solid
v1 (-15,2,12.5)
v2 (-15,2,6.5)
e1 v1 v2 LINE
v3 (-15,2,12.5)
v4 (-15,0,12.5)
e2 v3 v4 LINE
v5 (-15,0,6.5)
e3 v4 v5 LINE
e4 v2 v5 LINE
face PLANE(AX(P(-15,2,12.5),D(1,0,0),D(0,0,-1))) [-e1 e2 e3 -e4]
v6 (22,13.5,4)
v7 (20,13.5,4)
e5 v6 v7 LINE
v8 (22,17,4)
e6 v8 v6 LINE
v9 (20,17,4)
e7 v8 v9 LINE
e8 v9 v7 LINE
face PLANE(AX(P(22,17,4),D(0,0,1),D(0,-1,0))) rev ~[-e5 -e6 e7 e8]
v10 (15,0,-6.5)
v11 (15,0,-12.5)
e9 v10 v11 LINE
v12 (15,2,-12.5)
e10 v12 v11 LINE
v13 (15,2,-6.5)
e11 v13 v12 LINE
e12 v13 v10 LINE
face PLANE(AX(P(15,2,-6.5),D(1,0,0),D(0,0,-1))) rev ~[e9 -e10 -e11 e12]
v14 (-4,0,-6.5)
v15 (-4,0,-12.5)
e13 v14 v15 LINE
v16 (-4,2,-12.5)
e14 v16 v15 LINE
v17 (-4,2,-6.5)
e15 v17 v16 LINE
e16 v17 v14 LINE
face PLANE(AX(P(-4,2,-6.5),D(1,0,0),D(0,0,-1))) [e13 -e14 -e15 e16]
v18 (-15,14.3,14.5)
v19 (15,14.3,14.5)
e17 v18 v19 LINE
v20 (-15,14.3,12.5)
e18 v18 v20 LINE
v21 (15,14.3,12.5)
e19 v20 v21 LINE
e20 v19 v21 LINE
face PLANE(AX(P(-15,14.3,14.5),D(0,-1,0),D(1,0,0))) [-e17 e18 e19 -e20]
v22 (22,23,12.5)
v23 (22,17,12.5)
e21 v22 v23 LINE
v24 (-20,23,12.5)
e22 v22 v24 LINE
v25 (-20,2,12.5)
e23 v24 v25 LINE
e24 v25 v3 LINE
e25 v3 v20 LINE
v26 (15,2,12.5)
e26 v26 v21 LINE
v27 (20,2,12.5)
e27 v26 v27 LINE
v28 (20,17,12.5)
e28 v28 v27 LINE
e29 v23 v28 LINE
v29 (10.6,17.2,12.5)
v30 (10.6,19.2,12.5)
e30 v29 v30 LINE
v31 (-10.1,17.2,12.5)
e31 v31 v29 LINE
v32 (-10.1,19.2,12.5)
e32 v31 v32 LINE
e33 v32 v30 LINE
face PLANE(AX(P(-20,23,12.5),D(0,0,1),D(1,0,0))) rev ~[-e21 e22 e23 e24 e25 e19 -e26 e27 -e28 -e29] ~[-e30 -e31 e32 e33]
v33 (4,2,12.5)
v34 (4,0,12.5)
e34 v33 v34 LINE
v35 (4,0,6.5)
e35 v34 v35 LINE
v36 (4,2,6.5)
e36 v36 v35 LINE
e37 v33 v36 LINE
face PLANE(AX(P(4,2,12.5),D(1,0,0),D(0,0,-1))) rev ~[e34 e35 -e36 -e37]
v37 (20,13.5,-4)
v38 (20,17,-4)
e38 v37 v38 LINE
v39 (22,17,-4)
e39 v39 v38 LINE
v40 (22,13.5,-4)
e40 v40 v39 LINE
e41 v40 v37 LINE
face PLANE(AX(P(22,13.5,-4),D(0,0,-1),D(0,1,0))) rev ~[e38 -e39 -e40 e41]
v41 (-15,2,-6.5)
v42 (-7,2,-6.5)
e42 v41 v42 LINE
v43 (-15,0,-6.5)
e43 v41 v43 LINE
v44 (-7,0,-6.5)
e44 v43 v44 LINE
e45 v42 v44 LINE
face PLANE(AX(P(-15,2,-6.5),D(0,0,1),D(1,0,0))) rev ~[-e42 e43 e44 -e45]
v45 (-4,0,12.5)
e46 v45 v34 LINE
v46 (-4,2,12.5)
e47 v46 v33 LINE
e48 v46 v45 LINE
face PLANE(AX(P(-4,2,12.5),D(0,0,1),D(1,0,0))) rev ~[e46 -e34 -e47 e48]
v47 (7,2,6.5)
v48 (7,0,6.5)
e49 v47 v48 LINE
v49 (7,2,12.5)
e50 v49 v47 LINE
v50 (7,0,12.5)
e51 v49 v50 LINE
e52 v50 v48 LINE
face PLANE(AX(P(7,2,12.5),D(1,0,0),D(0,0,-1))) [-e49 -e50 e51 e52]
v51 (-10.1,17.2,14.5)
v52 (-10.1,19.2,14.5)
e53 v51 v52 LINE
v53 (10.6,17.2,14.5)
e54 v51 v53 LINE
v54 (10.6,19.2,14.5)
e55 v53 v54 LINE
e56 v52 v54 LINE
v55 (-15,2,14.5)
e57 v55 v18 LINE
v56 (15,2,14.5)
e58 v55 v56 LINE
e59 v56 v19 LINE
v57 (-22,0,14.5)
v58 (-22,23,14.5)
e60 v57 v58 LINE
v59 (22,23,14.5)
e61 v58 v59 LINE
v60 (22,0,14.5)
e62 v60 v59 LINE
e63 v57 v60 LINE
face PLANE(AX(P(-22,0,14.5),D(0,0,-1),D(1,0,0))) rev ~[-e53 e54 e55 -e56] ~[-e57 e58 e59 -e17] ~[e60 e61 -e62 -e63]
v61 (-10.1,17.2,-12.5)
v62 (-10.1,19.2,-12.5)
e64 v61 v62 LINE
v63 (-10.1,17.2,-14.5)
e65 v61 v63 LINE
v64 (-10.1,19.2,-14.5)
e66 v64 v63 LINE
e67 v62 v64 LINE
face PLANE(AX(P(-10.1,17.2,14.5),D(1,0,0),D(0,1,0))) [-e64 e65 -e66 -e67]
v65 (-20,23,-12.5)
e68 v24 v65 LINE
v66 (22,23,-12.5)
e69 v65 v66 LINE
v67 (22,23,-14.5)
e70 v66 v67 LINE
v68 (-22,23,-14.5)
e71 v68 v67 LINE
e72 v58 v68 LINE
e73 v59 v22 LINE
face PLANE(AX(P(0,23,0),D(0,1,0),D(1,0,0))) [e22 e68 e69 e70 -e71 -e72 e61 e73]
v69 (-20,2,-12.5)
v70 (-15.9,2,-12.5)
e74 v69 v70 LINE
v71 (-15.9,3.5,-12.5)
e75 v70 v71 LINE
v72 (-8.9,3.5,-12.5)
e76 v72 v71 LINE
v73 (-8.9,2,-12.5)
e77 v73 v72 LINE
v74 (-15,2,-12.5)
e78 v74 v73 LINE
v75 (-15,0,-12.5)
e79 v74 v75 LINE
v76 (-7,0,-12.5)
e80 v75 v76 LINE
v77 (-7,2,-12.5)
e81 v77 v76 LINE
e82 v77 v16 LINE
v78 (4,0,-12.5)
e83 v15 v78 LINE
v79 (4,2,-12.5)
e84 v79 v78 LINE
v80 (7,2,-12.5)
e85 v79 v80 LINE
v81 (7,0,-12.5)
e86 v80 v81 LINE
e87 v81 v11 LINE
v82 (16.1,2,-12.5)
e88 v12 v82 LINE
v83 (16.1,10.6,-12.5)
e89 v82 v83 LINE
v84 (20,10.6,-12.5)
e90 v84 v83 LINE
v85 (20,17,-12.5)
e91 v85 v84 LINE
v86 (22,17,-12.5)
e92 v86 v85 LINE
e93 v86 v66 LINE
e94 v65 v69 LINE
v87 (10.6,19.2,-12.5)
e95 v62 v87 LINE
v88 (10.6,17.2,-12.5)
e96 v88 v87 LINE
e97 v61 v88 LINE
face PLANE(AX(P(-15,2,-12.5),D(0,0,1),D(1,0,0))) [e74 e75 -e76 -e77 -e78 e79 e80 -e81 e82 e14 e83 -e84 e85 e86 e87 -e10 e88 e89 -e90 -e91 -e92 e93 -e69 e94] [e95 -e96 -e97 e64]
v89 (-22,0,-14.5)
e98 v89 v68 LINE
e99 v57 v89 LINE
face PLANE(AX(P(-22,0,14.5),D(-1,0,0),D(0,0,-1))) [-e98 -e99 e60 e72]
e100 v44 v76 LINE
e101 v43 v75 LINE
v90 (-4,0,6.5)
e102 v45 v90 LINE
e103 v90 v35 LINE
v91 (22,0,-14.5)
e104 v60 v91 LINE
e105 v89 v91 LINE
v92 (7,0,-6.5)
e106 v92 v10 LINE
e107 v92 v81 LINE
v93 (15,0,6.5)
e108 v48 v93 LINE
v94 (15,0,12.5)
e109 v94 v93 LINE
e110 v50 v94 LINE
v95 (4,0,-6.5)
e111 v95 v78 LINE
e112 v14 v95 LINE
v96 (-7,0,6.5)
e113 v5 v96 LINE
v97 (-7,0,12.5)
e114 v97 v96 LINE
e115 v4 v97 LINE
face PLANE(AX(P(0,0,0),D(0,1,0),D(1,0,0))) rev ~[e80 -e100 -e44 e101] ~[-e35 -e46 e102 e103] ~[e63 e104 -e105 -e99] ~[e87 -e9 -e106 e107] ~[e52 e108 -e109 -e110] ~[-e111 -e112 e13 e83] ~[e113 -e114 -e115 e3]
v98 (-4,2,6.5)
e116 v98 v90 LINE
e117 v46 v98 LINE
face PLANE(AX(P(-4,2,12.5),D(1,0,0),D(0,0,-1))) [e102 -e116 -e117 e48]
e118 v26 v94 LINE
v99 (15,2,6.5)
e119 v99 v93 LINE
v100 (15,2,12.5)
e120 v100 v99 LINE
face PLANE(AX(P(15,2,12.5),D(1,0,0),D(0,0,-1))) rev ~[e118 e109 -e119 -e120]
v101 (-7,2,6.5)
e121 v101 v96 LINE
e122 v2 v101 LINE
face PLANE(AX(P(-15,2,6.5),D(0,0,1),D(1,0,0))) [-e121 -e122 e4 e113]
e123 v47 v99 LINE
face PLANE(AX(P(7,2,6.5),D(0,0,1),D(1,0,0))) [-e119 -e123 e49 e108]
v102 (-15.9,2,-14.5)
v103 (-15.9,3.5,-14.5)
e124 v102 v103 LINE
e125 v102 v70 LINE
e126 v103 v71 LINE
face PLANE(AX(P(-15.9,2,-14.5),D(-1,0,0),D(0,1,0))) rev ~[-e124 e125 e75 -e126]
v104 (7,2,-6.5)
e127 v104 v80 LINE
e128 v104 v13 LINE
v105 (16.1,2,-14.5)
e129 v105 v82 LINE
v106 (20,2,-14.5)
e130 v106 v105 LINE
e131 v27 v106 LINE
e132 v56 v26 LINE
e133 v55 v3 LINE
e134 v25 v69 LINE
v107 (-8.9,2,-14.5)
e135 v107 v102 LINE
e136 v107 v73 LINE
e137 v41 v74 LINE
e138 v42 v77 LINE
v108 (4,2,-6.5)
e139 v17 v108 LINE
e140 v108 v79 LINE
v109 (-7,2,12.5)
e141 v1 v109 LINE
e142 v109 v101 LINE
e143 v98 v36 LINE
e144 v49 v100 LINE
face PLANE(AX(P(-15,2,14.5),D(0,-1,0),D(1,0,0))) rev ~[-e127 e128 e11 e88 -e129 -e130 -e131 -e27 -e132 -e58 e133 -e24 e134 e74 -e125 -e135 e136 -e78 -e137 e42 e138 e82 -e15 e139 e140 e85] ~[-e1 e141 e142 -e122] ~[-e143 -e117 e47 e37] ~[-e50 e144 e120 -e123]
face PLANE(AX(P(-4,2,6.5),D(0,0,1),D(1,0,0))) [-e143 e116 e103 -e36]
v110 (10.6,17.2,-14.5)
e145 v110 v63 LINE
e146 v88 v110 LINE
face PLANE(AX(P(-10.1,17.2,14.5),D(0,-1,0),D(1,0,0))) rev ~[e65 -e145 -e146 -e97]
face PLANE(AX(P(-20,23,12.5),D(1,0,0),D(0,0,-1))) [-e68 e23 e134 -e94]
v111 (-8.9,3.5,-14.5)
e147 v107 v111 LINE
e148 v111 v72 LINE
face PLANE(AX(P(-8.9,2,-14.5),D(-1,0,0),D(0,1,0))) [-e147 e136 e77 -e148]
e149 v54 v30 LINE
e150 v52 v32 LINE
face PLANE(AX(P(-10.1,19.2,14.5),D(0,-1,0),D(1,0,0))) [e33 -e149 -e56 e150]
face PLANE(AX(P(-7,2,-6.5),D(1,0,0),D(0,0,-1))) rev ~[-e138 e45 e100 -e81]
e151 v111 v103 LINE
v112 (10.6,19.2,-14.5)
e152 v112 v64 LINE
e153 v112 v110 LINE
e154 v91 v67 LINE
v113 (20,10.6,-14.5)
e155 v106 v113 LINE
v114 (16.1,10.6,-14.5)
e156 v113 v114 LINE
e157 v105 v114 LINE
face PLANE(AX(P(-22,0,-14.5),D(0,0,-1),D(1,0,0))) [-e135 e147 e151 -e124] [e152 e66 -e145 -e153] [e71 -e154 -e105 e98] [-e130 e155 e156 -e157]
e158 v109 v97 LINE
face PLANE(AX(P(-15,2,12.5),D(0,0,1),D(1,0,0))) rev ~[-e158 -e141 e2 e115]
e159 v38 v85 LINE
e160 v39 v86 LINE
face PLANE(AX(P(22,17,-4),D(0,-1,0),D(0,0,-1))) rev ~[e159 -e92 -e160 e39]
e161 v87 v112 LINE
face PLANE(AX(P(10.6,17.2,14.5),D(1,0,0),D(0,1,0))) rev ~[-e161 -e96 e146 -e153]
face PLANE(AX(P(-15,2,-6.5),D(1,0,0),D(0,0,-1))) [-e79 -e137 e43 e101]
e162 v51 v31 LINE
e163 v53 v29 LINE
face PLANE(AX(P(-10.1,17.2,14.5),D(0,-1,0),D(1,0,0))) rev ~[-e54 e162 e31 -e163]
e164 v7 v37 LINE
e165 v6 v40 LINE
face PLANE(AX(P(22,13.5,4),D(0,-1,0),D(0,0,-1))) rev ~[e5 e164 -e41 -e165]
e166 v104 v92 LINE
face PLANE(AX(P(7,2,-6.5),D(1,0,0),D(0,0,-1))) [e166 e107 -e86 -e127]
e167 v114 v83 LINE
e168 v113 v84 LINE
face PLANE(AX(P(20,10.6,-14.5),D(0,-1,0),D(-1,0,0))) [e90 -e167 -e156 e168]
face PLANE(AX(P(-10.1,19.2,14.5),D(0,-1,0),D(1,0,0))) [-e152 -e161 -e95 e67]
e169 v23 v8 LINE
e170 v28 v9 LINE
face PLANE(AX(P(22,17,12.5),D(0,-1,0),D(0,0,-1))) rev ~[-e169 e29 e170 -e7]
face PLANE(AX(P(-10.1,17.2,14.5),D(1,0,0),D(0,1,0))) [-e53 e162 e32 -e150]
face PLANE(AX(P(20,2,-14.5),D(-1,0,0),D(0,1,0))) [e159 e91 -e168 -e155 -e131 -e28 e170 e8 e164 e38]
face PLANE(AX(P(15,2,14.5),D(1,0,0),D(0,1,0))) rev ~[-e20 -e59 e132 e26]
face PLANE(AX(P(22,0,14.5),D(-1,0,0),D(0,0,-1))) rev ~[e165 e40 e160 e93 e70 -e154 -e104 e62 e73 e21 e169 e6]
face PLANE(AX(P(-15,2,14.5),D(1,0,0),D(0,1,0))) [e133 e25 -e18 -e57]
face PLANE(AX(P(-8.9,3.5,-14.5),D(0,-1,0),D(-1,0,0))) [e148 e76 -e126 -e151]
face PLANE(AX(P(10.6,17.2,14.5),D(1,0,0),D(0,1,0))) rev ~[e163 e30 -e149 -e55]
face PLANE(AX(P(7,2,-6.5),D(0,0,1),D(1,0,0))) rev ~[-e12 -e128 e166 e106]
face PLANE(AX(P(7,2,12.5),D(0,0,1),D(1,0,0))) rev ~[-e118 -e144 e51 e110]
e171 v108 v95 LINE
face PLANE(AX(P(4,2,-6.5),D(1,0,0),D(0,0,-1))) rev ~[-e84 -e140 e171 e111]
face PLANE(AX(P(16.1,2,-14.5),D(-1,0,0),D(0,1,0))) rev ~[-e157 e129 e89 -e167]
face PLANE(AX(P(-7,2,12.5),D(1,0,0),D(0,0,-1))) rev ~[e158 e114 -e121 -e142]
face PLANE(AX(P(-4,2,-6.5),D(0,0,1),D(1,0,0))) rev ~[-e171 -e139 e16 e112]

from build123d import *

# Parameters (mm, degrees)
SKETCH2_W           = 44
SKETCH2_H           = 29
BOSS_EXTRUDE1_DEPTH = 23
SKETCH3_W           = 40
SKETCH3_H           = 25
CUT_EXTRUDE1_DEPTH  = 21
SKETCH4_W           = 20.7
SKETCH4_H           = 2
CUT_EXTRUDE2_DEPTH  = 33
SKETCH5_W           = 30
SKETCH5_H           = 12.3
CUT_EXTRUDE3_DEPTH  = 2
CUT_EXTRUDE5_DEPTH  = 2
SKETCH11_W          = 3.9
SKETCH11_H          = 8.6
SKETCH11_W_2        = 7
SKETCH11_H_2        = 1.5
CUT_EXTRUDE6_DEPTH  = 2
SKETCH13_W          = 8
SKETCH13_H          = 6
CUT_EXTRUDE8_DEPTH  = 2


with BuildPart() as part:
    # Sketch2 → Boss-Extrude1 (new body)
    with BuildSketch(Plane(origin=(0, 0, 0), x_dir=(1, 0, 0), z_dir=(0, 1, 0))):
        Rectangle(SKETCH2_W, SKETCH2_H)
    extrude(amount=BOSS_EXTRUDE1_DEPTH)

    # Sketch3 → Cut-Extrude1 (cut)
    with BuildSketch(Plane(origin=(0, 23, 0), x_dir=(1, 0, 0), z_dir=(0, 1, 0))):
        Rectangle(SKETCH3_W, SKETCH3_H)
    extrude(amount=-CUT_EXTRUDE1_DEPTH, mode=Mode.SUBTRACT)

    # Sketch4 → Cut-Extrude2 (cut)
    with BuildSketch(Plane.XY.offset(14.5)):
        with Locations((0.25, 18.2)):
            Rectangle(SKETCH4_W, SKETCH4_H)
    extrude(amount=-CUT_EXTRUDE2_DEPTH, mode=Mode.SUBTRACT)

    # Sketch5 → Cut-Extrude3 (cut)
    with BuildSketch(Plane.XY.offset(14.5)):
        with Locations((0, 8.15)):
            Rectangle(SKETCH5_W, SKETCH5_H)
    extrude(amount=-CUT_EXTRUDE3_DEPTH, mode=Mode.SUBTRACT)

    # Sketch8 → Cut-Extrude5 (cut)
    with BuildSketch(Plane(origin=(22, 0, 0), x_dir=(0, 0, -1), z_dir=(1, 0, 0))):
        Polygon((-12.5, 17), (-4, 17), (-4, 13.5), (4, 13.5), (4, 17), (12.5, 17), (12.5, 23), (-12.5, 23), align=None)
    extrude(amount=-CUT_EXTRUDE5_DEPTH, mode=Mode.SUBTRACT)

    # Sketch11 → Cut-Extrude6 (cut)
    with BuildSketch(Plane(origin=(0, 0, -14.5), x_dir=(-1, 0, 0), z_dir=(0, 0, -1))):
        with Locations((-18.05, 6.3)):
            Rectangle(SKETCH11_W, SKETCH11_H)
        with Locations((12.4, 2.75)):
            Rectangle(SKETCH11_W_2, SKETCH11_H_2)
    extrude(amount=-CUT_EXTRUDE6_DEPTH, mode=Mode.SUBTRACT)

    # Sketch13 → Cut-Extrude8 (cut)
    with BuildSketch(Plane(origin=(0, 2, 0), x_dir=(1, 0, 0), z_dir=(0, 1, 0))):
        with Locations((-11, -9.5)):
            Rectangle(SKETCH13_W, SKETCH13_H)
        with Locations((0, -9.5)):
            Rectangle(SKETCH13_W, SKETCH13_H)
        with Locations((11, 9.5)):
            Rectangle(SKETCH13_W, SKETCH13_H)
        with Locations((11, -9.5)):
            Rectangle(SKETCH13_W, SKETCH13_H)
        with Locations((-11, 9.5)):
            Rectangle(SKETCH13_W, SKETCH13_H)
        with Locations((0, 9.5)):
            Rectangle(SKETCH13_W, SKETCH13_H)
    extrude(amount=-CUT_EXTRUDE8_DEPTH, mode=Mode.SUBTRACT)


solid = part.part
